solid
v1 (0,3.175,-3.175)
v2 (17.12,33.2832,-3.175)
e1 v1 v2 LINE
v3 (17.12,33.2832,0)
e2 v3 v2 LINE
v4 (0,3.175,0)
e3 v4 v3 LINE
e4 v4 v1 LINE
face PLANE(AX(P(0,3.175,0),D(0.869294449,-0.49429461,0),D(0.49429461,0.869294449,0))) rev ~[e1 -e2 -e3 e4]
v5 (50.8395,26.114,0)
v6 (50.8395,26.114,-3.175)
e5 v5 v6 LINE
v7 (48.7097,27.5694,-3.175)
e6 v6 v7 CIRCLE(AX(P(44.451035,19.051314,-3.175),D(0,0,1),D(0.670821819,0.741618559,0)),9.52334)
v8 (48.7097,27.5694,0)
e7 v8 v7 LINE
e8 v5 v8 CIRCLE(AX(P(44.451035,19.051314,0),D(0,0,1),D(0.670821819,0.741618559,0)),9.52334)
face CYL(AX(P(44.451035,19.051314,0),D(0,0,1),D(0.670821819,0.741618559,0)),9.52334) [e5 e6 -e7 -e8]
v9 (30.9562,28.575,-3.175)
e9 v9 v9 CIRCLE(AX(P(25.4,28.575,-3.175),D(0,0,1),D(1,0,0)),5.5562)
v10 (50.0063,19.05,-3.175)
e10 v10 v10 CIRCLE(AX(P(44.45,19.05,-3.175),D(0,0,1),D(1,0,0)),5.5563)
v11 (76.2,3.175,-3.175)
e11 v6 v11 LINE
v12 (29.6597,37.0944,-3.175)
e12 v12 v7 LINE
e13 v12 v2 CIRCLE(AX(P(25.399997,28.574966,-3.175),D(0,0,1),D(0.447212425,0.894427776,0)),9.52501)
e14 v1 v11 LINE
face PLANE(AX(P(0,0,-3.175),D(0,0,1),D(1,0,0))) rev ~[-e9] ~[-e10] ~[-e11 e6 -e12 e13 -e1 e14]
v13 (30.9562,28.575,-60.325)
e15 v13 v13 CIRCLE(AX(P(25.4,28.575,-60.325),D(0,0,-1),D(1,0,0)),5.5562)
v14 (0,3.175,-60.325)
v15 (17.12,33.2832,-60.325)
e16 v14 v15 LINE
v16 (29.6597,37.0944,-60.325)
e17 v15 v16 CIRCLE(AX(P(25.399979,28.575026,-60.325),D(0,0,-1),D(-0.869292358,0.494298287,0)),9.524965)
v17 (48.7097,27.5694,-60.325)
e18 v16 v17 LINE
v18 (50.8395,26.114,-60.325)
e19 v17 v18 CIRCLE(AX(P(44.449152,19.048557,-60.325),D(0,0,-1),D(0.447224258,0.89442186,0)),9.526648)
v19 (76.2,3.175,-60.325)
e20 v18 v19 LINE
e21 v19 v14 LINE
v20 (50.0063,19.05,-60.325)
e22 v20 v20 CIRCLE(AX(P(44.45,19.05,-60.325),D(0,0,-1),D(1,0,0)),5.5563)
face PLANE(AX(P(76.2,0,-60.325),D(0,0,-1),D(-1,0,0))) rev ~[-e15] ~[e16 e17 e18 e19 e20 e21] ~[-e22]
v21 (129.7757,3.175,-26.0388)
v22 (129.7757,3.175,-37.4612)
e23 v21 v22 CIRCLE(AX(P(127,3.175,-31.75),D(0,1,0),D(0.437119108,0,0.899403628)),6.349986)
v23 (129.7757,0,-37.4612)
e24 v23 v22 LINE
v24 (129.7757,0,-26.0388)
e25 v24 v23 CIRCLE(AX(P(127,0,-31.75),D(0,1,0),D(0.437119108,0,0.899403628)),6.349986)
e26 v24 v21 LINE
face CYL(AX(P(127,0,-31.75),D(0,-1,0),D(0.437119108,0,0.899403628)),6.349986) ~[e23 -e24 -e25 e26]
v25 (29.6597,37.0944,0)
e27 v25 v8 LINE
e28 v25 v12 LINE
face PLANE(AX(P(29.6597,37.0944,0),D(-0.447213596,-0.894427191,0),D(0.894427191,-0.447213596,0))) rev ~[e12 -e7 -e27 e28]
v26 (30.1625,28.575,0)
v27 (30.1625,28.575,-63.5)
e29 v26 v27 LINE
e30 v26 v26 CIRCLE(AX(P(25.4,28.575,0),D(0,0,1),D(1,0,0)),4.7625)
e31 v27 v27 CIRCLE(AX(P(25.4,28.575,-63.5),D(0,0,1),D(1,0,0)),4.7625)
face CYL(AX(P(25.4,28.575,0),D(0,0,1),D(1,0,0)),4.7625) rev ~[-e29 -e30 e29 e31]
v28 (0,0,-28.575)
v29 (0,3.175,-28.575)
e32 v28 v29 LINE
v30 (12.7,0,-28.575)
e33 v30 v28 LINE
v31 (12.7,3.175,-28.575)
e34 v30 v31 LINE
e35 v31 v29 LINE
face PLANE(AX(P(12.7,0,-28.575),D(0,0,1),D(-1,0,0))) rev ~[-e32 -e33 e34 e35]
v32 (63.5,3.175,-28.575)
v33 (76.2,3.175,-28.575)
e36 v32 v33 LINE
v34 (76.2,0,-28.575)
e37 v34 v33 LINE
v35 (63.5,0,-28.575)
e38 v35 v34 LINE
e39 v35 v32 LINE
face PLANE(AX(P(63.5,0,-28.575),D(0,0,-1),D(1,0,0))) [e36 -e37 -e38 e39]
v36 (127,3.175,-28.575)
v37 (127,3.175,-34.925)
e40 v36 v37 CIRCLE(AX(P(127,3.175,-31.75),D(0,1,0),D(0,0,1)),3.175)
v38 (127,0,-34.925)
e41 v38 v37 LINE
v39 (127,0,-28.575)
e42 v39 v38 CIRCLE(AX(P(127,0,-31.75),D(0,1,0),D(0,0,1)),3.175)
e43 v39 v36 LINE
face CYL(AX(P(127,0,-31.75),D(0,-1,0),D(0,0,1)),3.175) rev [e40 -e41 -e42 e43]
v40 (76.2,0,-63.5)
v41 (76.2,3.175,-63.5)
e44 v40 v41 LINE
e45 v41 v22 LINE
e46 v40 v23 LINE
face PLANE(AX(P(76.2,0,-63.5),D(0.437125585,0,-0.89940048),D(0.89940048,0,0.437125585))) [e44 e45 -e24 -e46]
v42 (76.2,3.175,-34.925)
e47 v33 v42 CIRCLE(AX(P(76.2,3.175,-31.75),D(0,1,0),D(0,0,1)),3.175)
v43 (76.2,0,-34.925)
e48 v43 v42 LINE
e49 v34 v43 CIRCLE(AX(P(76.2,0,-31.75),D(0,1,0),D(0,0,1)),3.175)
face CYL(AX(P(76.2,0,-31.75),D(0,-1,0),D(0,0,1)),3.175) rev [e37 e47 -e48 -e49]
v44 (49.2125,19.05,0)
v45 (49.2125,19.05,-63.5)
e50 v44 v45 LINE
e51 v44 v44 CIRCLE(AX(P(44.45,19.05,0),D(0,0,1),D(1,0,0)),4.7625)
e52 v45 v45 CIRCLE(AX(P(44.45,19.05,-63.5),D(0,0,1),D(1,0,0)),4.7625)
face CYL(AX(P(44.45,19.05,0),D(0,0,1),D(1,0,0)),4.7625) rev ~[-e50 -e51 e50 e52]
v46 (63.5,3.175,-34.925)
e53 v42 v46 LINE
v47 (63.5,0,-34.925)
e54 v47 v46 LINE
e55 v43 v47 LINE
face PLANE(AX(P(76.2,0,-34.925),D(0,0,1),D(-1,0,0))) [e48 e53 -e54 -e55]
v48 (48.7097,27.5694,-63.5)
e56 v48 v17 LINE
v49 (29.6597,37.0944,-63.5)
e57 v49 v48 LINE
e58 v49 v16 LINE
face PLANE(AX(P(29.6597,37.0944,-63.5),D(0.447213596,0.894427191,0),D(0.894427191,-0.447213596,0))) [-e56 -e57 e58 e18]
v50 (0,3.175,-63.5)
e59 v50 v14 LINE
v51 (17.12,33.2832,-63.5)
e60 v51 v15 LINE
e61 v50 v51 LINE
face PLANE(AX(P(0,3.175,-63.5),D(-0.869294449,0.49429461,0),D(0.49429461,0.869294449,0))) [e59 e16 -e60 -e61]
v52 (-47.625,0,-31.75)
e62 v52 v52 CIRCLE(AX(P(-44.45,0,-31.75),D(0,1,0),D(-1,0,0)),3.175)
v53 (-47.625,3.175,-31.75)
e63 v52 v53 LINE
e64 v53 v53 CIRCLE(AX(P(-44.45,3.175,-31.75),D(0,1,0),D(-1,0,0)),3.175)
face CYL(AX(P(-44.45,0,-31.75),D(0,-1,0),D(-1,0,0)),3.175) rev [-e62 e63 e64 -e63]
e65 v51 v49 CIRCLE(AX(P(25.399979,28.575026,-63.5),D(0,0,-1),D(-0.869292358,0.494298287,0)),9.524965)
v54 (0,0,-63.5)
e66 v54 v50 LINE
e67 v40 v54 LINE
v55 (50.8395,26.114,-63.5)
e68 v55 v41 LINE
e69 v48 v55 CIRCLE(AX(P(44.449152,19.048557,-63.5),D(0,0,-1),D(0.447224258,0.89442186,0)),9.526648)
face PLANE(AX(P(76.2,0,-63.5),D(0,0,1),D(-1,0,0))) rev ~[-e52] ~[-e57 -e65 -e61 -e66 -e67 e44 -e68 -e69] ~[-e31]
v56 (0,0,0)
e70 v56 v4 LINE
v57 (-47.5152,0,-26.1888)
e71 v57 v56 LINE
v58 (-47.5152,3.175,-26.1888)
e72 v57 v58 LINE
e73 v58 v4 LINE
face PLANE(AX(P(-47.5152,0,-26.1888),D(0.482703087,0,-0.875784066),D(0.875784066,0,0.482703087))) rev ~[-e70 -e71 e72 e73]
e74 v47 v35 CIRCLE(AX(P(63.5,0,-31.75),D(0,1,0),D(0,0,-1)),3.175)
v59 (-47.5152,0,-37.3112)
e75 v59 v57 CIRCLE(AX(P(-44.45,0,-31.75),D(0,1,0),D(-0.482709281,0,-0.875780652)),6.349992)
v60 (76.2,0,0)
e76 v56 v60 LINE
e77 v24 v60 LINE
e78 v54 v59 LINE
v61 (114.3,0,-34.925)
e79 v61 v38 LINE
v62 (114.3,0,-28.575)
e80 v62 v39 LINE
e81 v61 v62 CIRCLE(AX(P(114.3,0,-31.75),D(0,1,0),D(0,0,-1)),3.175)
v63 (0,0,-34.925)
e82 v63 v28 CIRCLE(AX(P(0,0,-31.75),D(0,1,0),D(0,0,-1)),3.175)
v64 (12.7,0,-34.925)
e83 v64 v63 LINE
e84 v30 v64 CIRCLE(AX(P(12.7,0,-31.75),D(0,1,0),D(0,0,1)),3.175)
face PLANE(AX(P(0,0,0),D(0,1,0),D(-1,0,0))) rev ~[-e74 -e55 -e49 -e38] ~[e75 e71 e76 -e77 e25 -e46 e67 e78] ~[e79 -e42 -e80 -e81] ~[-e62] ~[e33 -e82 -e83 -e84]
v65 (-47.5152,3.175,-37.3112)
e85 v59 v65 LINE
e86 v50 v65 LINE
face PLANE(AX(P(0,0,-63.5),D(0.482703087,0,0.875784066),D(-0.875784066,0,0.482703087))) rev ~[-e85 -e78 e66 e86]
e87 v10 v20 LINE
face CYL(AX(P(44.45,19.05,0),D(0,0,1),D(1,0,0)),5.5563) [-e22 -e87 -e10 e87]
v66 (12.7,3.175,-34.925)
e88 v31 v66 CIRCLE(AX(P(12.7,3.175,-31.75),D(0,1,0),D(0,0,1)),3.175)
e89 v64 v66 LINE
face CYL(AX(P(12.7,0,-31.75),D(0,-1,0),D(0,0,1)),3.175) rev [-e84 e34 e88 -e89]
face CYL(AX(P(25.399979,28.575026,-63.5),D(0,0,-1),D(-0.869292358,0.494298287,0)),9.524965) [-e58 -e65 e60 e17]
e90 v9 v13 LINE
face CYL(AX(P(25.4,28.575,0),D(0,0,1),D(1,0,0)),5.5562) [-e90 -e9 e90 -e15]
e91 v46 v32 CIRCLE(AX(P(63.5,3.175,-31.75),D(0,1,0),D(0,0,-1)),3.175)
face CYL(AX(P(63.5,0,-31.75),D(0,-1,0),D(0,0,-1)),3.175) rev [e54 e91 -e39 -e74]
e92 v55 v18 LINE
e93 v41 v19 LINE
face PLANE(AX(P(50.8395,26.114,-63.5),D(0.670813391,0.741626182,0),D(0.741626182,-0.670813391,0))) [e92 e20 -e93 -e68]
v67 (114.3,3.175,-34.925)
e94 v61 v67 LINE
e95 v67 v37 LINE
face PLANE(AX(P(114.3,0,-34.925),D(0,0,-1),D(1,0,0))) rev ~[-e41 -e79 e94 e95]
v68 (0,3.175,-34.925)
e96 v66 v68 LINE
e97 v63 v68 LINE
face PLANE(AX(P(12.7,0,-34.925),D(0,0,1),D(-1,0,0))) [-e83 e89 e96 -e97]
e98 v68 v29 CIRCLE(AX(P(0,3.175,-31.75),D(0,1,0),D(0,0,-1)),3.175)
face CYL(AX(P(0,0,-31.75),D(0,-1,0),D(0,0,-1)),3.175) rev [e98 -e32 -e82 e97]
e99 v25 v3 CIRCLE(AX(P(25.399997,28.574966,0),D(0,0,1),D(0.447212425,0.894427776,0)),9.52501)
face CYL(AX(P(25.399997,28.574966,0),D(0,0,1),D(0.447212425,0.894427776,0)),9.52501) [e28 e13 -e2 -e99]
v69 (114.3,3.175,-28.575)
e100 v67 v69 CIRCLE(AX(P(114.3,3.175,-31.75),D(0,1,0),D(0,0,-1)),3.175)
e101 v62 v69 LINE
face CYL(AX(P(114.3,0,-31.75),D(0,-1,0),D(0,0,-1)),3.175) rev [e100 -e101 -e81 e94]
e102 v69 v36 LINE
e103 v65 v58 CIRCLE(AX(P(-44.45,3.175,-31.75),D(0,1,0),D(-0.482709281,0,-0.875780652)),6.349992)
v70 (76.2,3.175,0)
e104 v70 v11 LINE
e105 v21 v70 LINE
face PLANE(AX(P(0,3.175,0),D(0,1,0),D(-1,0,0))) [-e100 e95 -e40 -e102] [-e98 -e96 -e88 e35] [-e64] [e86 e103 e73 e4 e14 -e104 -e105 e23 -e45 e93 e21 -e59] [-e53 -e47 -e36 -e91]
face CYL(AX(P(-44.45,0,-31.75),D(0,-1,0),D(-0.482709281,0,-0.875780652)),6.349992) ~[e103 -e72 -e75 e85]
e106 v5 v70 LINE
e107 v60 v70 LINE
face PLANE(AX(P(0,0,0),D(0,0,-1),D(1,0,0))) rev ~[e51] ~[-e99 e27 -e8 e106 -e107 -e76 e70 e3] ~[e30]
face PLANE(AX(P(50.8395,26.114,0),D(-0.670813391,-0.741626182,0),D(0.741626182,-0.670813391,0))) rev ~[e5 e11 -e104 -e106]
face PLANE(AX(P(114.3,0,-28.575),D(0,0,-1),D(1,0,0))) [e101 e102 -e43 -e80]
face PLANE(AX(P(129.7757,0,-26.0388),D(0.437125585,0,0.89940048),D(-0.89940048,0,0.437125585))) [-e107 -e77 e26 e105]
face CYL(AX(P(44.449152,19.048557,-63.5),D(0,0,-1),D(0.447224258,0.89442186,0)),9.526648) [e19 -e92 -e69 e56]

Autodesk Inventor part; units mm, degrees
ref_plane "YZ Plane" through (0, 0, 0) normal (1, 0, 0) x (0, 1, 0)
ref_plane "XZ Plane" through (0, 0, 0) normal (0, 1, 0) x (-1, 0, 0)
ref_plane "XY Plane" through (0, 0, 0) normal (0, 0, 1) x (1, 0, 0)
sketch "Sketch1" plane through (0, 0, 0) normal (0, 1, 0) x (-1, 0, 0)
  line L0 (0, 0) -> (-76.2, 0)
  line L1 (-76.2, 0) -> (-76.2, -63.5) construction
  line L2 (-76.2, -63.5) -> (0, -63.5)
  line L3 (0, -63.5) -> (0, 0) construction
  line L4 (0, -31.75) -> (44.45, -31.75) construction
  line L5 (-76.2, -31.75) -> (-127, -31.75) construction
  circle A0 centre (44.45, -31.75) radius 3.175
  circle A1 centre (-127, -31.75) radius 3.175 construction
  circle A2 centre (-114.3, -31.75) radius 3.175 construction
  line L6 (-114.3, -34.925) -> (-127, -34.925)
  line L7 (-114.3, -28.575) -> (-127, -28.575)
  arc A3 (-114.3, -34.925) -> (-114.3, -28.575) centre (-114.3, -31.75) ccw
  arc A4 (-127, -28.575) -> (-127, -34.925) centre (-127, -31.75) ccw
  line L8 (0, -63.5) -> (47.5152, -37.3112)
  line L9 (47.5152, -26.1888) -> (0, 0)
  line L10 (-76.2, -63.5) -> (-129.7757, -37.4612)
  line L11 (-129.7757, -26.0388) -> (-76.2, 0)
  arc A5 (47.5152, -37.3112) -> (47.5152, -26.1888) centre (44.45, -31.75) ccw
  arc A6 (-129.7757, -26.0388) -> (-129.7757, -37.4612) centre (-127, -31.75) ccw
  circle A7 centre (-76.2, -31.75) radius 3.175 construction
  circle A8 centre (-63.5, -31.75) radius 3.175 construction
  line L12 (-76.2, -28.575) -> (-63.5, -28.575) construction
  line L13 (-76.2, -34.925) -> (-63.5, -34.925) construction
  line L14 (-63.5, -28.575) -> (-76.2, -28.575)
  line L15 (-76.2, -34.925) -> (-63.5, -34.925)
  arc A9 (-63.5, -34.925) -> (-63.5, -28.575) centre (-63.5, -31.75) ccw
  arc A10 (-76.2, -28.575) -> (-76.2, -34.925) centre (-76.2, -31.75) ccw
  circle A11 centre (0, -31.75) radius 3.175 construction
  circle A12 centre (-12.7, -31.75) radius 3.175 construction
  line L16 (0, -28.575) -> (-12.7, -28.575) construction
  line L17 (0, -34.925) -> (-12.7, -34.925) construction
  arc A13 (-12.7, -28.575) -> (-12.7, -34.925) centre (-12.7, -31.75) ccw
  arc A14 (0, -34.925) -> (0, -28.575) centre (0, -31.75) ccw
  line L18 (-12.7, -34.925) -> (0, -34.925)
  line L19 (-12.7, -28.575) -> (0, -28.575)
  dimension "d0" = 76.2
  dimension "d1" = 63.5
  dimension "d2" = 44.45
  dimension "d3" = 50.8
  dimension "d4" = 6.35
  dimension "d5" = 6.35
  dimension "d6" = 6.35
  dimension "d7" = 12.7
  dimension "d8" = 6.35
  dimension "d9" = 0
  dimension "d10" = 0
  dimension "d11" = 0
  dimension "d12" = 0
  dimension "d13" = 6.35
  dimension "d14" = 6.35
  dimension "d15" = 12.7
  dimension "d16" = 0
  dimension "d17" = 6.35
  dimension "d18" = 6.35
  dimension "d19" = 0
  dimension "d20" = 12.7
extrude "Extrusion1" add sketch "Sketch1" along normal blind 3.175
sketch "Sketch2" plane through (0, 0, 0) normal (0, 0, 1) x (1, 0, 0)
  line L0 (0, 0) -> (76.2, 0) projected
  line L1 (76.2, 0) -> (76.2, 3.175) projected
  line L2 (0, 3.175) -> (76.2, 3.175) projected
  line L3 (0, 0) -> (0, 3.175) projected
  circle A0 centre (25.4, 28.575) radius 5.5562
  circle A1 centre (44.45, 19.05) radius 5.5563
  line L4 (0, 3.175) -> (17.12, 33.2832)
  line L5 (29.6597, 37.0944) -> (48.7097, 27.5694)
  line L6 (50.8395, 26.114) -> (76.2, 3.175)
  arc A2 (29.6597, 37.0944) -> (17.12, 33.2832) centre (25.4, 28.575) ccw
  arc A3 (50.8395, 26.114) -> (48.7097, 27.5694) centre (44.45, 19.05) ccw
  dimension "d23" = 11.1125
  dimension "d24" = 28.575
  dimension "d25" = 25.4
  dimension "d26" = 11.1125
  dimension "d27" = 19.05
  dimension "d28" = 31.75
  dimension "d29" = 9.525
extrude "Extrusion2" add sketch "Sketch2" against normal blind 3.175
sketch "Sketch3" plane through (76.2, 0, -63.5) normal (0, 0, -1) x (-1, 0, 0)
  line L0 (0, 0) -> (76.2, 0) projected
  line L1 (76.2, 0) -> (76.2, 3.175) projected
  line L2 (0, 3.175) -> (76.2, 3.175) projected
  line L3 (0, 0) -> (0, 3.175) projected
  line L4 (76.2, 3.175) -> (0, 3.175) projected
  line L5 (76.2, 3.175) -> (59.08, 33.2832) projected
  arc A0 (59.08, 33.2832) -> (46.5403, 37.0944) centre (50.8, 28.575) ccw projected
  line L6 (46.5403, 37.0944) -> (27.4903, 27.5694) projected
  arc A1 (27.4903, 27.5694) -> (25.3605, 26.114) centre (31.75, 19.05) ccw projected
  line L7 (25.3605, 26.114) -> (0, 3.175) projected
  circle A2 centre (31.75, 19.05) radius 5.5563 projected
  circle A3 centre (50.8, 28.575) radius 5.5562 projected
  point P0 (76.2, 0)
extrude "Extrusion3" add sketch "Sketch3" against normal blind 3.175
sketch "Sketch4" plane through (0, 0, 0) normal (0, 0, 1) x (1, 0, 0)
  circle A0 centre (44.45, 19.05) radius 5.5563 projected
  circle A1 centre (25.4, 28.575) radius 5.5562 projected
  line L0 (0, 0) -> (76.2, 0) projected
  line L1 (76.2, 0) -> (76.2, 3.175) projected
  line L2 (76.2, 3.175) -> (50.8395, 26.114) projected
  arc A2 (50.8395, 26.114) -> (48.7097, 27.5694) centre (44.45, 19.05) ccw projected
  line L3 (48.7097, 27.5694) -> (29.6597, 37.0944) projected
  arc A3 (29.6597, 37.0944) -> (17.12, 33.2832) centre (25.4, 28.575) ccw projected
  line L4 (17.12, 33.2832) -> (0, 3.175) projected
  line L5 (0, 0) -> (0, 3.175) projected
  circle A4 centre (25.4, 28.575) radius 4.7625
  circle A5 centre (44.45, 19.05) radius 4.7625
  dimension "d34" = 9.525
  dimension "d35" = 9.525
extrude "Extrusion4" add sketch "Sketch4" against normal blind 63.5 contours A0 | A1
properties part number "garage door hinge"
